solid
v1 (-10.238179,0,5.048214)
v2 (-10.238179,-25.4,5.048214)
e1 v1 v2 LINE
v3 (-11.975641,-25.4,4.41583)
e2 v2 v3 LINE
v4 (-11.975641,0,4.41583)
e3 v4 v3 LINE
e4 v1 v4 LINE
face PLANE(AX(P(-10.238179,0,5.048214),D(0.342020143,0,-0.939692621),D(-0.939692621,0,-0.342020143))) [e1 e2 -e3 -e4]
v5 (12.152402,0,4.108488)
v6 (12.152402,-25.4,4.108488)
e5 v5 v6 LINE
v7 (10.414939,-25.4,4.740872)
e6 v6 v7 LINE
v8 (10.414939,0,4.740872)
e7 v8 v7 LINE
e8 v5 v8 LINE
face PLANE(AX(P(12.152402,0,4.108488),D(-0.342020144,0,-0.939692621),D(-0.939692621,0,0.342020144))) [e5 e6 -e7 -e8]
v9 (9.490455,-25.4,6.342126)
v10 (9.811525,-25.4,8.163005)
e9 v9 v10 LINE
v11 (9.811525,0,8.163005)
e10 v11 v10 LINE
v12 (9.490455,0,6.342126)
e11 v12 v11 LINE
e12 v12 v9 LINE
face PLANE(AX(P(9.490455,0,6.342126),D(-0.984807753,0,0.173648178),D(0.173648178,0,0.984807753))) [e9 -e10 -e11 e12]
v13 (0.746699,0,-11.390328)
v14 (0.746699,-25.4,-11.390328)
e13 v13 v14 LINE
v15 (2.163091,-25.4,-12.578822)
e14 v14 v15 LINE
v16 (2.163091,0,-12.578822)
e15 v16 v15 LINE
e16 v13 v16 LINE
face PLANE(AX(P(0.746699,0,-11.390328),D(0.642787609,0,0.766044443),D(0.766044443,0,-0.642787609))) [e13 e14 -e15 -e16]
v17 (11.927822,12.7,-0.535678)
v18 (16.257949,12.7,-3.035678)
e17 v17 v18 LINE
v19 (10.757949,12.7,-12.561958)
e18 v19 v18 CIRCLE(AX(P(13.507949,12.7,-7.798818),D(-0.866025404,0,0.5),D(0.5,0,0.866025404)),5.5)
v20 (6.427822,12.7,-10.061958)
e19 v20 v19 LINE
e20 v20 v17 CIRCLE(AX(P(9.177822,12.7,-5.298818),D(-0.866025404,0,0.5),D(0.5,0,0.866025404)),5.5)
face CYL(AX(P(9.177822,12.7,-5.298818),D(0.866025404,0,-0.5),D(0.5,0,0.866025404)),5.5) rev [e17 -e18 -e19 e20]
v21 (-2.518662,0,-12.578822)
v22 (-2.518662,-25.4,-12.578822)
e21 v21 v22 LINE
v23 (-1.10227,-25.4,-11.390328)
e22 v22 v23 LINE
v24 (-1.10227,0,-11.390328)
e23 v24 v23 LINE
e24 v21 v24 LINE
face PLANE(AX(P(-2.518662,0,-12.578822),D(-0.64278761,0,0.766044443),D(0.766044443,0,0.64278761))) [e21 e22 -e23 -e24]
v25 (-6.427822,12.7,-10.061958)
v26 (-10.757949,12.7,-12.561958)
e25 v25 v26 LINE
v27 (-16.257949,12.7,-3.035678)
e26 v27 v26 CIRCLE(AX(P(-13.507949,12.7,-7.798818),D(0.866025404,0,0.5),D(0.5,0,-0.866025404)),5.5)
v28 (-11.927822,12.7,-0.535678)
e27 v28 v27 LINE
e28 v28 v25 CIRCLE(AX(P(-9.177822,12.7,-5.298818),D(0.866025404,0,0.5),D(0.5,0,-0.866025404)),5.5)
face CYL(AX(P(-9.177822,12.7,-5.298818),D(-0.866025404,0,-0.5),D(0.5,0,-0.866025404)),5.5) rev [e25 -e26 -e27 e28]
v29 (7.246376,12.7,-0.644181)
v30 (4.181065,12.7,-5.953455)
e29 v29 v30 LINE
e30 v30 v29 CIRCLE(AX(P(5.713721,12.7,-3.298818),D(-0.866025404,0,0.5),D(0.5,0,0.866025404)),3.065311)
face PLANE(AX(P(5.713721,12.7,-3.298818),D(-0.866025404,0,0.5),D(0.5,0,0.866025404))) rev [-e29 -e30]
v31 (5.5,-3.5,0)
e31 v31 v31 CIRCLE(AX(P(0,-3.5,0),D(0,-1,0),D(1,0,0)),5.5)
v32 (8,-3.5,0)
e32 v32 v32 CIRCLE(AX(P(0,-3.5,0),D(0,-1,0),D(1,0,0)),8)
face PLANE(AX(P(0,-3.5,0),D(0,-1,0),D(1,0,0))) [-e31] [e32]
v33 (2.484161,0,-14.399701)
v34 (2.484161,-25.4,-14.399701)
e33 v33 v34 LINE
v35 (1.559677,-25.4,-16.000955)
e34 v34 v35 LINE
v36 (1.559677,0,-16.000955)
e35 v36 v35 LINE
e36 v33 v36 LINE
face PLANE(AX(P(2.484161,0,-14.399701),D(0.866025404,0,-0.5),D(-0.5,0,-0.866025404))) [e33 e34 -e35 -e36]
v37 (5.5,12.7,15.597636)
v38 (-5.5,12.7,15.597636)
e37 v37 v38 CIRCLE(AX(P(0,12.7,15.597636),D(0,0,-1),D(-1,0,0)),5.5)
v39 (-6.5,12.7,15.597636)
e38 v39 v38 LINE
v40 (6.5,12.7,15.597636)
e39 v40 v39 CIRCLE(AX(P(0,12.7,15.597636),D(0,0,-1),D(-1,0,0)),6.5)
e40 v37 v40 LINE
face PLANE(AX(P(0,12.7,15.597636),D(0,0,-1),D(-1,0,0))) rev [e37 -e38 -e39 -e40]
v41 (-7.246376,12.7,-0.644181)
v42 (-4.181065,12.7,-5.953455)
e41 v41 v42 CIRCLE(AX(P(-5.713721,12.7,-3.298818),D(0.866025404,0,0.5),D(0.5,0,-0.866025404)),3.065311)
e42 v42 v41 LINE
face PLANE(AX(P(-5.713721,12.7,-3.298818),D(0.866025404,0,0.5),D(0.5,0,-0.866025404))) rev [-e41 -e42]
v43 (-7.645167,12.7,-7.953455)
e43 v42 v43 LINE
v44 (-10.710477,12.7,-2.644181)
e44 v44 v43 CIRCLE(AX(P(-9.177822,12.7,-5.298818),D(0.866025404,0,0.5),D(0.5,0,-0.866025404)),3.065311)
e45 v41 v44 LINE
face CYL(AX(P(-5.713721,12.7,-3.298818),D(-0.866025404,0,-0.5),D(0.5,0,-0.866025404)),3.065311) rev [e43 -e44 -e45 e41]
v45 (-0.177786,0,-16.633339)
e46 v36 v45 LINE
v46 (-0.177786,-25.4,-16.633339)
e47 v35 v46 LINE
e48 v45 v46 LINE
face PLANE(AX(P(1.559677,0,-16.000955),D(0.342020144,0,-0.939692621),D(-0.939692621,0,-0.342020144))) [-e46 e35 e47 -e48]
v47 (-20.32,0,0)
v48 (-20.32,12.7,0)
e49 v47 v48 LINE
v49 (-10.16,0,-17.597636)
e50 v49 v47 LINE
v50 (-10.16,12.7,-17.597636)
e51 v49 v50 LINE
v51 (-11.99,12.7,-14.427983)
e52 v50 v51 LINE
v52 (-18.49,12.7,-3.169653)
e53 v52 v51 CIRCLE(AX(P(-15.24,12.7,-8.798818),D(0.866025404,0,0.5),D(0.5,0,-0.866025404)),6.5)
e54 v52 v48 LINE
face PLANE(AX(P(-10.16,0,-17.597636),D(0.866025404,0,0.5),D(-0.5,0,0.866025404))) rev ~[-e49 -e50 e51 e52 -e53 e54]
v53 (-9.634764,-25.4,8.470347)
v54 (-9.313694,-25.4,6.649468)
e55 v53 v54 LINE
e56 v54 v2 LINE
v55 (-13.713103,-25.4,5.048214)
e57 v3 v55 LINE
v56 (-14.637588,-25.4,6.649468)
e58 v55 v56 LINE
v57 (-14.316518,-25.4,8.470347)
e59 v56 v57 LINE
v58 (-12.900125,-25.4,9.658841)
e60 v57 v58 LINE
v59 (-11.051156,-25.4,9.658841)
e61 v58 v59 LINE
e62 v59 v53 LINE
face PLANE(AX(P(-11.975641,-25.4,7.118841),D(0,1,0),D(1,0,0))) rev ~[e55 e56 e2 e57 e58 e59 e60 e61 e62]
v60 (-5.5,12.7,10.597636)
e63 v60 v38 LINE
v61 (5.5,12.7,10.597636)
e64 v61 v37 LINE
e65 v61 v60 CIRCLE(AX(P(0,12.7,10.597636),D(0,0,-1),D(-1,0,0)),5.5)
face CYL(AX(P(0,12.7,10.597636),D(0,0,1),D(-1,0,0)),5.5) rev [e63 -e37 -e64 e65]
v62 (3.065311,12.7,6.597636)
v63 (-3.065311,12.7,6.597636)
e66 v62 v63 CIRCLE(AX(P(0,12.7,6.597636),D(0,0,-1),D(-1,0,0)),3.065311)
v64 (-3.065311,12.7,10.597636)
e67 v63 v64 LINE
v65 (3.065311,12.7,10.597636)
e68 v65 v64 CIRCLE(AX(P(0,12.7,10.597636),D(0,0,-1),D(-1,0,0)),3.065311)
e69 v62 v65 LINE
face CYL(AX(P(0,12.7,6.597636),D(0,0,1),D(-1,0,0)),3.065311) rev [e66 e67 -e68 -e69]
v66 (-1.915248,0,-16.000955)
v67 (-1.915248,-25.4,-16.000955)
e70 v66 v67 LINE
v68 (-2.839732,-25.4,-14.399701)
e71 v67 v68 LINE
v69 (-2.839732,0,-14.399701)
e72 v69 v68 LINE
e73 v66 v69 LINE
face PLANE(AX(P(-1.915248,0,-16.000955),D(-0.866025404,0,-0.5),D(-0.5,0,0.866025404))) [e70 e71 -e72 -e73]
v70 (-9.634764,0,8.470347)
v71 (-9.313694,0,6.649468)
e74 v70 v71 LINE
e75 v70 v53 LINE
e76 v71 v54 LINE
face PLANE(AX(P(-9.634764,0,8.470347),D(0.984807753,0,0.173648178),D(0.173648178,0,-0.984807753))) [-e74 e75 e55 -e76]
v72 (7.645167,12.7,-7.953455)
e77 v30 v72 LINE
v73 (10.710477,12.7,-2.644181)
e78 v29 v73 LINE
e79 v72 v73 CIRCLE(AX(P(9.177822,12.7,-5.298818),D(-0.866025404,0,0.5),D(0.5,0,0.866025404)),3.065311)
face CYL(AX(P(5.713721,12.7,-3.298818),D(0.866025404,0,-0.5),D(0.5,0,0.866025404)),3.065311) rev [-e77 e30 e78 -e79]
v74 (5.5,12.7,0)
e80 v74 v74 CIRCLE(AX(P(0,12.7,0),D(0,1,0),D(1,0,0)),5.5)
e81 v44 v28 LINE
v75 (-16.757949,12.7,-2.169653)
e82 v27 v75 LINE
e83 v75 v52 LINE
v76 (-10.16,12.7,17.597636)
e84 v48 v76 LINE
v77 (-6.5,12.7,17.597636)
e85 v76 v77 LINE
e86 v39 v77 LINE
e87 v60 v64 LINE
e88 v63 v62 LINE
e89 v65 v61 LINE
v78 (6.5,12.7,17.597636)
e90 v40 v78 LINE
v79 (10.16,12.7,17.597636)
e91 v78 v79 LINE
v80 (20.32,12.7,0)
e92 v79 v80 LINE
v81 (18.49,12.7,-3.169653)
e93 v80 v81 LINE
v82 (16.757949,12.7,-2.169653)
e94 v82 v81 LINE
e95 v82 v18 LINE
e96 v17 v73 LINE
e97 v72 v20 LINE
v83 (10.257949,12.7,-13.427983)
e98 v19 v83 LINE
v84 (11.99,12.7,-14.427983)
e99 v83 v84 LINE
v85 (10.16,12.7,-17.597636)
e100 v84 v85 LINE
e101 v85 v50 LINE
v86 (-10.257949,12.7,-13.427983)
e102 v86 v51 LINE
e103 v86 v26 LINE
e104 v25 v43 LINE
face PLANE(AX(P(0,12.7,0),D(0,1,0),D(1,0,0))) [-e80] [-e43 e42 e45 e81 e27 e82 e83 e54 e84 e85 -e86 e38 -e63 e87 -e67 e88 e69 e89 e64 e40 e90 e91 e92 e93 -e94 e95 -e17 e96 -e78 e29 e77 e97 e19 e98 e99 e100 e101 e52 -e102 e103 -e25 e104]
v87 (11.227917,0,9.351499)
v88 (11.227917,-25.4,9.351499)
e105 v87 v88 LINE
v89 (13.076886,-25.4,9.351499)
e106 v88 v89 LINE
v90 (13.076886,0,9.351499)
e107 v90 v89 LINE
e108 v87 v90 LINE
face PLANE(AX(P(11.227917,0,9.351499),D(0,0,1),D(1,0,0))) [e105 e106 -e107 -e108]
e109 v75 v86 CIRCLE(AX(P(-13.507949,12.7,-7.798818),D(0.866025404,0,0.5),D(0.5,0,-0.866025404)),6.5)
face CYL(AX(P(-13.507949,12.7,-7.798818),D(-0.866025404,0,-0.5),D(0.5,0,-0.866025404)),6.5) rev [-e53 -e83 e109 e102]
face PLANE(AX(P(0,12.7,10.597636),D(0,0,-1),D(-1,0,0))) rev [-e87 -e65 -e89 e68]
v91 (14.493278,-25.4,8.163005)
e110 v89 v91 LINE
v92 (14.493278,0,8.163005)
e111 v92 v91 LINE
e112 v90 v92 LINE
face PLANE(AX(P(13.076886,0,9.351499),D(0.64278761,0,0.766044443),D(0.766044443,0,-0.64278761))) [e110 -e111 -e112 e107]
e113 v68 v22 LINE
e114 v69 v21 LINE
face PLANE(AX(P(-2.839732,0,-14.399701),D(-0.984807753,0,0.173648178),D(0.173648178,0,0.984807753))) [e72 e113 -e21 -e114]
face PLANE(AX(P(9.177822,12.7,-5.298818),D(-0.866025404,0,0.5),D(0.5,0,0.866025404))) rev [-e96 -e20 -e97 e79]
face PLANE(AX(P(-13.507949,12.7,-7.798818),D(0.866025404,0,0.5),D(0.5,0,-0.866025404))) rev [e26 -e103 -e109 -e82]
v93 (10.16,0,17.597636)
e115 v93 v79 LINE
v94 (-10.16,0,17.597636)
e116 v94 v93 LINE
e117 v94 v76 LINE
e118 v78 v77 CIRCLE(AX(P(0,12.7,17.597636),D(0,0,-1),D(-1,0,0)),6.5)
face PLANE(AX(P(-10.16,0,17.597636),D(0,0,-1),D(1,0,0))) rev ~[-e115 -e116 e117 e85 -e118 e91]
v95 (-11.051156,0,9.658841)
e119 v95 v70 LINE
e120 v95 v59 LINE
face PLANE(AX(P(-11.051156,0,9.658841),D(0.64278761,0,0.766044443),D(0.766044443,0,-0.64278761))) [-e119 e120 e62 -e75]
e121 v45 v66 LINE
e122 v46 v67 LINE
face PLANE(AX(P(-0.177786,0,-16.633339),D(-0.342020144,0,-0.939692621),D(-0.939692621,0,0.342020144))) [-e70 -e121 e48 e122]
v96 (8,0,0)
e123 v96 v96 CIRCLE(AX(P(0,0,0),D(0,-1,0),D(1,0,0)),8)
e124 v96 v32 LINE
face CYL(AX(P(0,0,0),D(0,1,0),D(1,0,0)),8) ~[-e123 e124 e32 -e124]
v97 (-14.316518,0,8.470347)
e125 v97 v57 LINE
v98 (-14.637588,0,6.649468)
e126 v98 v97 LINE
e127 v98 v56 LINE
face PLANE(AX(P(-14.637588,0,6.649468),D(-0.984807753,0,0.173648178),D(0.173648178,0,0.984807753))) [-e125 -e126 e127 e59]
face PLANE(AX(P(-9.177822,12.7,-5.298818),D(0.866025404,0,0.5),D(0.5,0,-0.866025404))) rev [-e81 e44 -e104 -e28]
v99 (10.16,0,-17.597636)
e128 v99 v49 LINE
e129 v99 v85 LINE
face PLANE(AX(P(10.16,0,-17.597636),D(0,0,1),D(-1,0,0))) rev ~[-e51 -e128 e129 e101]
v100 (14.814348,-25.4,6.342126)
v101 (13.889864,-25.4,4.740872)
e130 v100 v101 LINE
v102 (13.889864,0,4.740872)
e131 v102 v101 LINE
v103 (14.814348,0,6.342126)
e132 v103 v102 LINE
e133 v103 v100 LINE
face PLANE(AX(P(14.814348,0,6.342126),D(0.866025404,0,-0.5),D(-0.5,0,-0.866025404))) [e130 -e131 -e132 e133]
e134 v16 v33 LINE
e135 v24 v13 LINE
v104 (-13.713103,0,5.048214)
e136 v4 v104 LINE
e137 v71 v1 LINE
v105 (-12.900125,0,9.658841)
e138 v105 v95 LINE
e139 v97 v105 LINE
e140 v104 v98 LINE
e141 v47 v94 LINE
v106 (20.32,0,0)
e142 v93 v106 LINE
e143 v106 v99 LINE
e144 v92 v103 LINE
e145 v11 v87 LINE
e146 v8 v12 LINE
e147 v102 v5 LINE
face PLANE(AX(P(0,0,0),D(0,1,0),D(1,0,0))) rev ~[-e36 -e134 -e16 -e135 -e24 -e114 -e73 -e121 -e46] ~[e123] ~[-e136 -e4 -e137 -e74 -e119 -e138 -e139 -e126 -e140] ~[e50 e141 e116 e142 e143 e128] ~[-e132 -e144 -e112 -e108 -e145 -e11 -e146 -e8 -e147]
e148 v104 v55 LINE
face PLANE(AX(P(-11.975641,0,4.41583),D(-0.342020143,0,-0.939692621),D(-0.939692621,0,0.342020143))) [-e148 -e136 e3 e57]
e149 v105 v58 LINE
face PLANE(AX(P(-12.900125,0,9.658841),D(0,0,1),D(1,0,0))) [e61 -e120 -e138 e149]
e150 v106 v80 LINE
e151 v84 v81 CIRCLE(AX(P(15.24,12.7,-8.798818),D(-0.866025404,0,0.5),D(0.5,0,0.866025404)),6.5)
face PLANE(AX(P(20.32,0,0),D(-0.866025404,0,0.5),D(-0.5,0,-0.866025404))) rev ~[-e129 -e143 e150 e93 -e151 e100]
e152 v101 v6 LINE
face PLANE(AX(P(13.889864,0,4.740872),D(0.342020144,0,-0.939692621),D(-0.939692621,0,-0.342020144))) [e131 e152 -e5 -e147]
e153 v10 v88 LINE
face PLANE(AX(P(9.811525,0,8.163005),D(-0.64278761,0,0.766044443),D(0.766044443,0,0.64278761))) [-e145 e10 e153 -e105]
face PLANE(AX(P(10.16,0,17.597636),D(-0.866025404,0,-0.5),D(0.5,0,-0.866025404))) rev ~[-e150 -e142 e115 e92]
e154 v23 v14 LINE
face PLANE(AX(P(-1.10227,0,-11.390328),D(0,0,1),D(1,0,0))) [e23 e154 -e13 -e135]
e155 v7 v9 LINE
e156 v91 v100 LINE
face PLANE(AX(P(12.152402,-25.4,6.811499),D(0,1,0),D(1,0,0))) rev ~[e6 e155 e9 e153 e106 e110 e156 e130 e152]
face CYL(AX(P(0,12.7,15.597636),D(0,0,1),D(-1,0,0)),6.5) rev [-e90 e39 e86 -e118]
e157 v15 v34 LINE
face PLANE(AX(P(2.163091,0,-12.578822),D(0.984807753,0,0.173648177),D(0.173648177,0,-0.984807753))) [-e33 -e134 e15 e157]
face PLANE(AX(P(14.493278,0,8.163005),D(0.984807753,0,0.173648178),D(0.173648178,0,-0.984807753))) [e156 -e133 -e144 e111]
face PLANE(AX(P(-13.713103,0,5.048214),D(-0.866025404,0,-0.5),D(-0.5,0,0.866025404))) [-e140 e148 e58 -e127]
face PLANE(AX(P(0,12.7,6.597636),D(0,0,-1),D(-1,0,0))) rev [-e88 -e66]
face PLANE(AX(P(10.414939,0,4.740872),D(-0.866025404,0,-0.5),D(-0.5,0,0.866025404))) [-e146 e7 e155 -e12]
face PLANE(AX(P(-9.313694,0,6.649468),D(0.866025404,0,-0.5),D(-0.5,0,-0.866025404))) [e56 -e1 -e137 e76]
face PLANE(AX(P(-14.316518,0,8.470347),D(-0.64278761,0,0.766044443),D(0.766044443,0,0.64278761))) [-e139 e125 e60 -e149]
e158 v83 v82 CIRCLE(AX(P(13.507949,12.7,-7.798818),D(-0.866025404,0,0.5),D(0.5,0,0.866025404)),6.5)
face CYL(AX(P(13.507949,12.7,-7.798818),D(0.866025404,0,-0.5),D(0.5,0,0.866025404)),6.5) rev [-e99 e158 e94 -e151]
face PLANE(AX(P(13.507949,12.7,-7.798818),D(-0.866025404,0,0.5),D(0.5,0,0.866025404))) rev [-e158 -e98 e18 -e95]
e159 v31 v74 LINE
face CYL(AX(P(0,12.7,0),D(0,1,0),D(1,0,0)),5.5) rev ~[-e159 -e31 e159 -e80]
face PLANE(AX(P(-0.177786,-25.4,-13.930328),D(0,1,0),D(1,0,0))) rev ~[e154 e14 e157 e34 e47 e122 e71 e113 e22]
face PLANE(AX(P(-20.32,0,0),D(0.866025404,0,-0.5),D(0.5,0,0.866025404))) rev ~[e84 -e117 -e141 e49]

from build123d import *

# Parameters (mm, degrees)
BOSS_EXTRUDE1_DEPTH = 12.7
SKETCH2_R           = 8
SKETCH2_R_2         = 5.5
BOSS_EXTRUDE2_DEPTH = 3.499999906
CIRPATTERN1_COUNT   = 3
SKETCH6_R           = 5.5
CUT_EXTRUDE1_DEPTH  = 17.199999906
BOSS_EXTRUDE3_DEPTH = 25.4


with BuildPart() as part:
    # Sketch1 → Boss-Extrude1 (new body)
    with BuildSketch(Plane(origin=(0, 0, 0), x_dir=(1, 0, 0), z_dir=(0, 1, 0))):
        Polygon((10.16, -17.597636205), (20.32, 0), (10.16, 17.597636205), (-10.16, 17.597636205), (-20.32, 0), (-10.16, -17.597636205), align=None)
    extrude(amount=BOSS_EXTRUDE1_DEPTH)

    # Sketch2 → Boss-Extrude2 (add)
    with BuildSketch(Plane.XZ):
        Circle(SKETCH2_R)
        Circle(SKETCH2_R_2, mode=Mode.SUBTRACT)
    extrude(amount=BOSS_EXTRUDE2_DEPTH)

    # Sketch5 → Cut-Revolve1 (revolve, cut)
    with BuildSketch(Plane(origin=(0, 12.7, 0), x_dir=(1, 0, 0), z_dir=(0, 1, 0))):
        Polygon((0, -17.597636205), (0, -6.597636205), (-3.065310501, -6.597636205), (-3.065310501, -10.597636205), (-5.5, -10.597636205), (-5.5, -15.597636205), (-6.5, -15.597636205), (-6.5, -17.597636205), align=None)
    cut_revolve1 = revolve(axis=Axis((0, 12.7, 17.597636205), (0, 0, -1)), mode=Mode.SUBTRACT)

    # CirPattern1: Cut-Revolve1 ×3 about axis
    cirpattern1_axis = Axis((0, 0, 0), (0, 1, 0))
    for i in range(1, CIRPATTERN1_COUNT):
        add(cut_revolve1.rotate(cirpattern1_axis, i * 360 / CIRPATTERN1_COUNT), mode=Mode.SUBTRACT)

    # Sketch6 → Cut-Extrude1 (cut, through all)
    with BuildSketch(Plane(origin=(0, 12.7, 0), x_dir=(1, 0, 0), z_dir=(0, 1, 0))):
        Circle(SKETCH6_R)
    extrude(amount=-CUT_EXTRUDE1_DEPTH, mode=Mode.SUBTRACT)

    # Sketch8 → Boss-Extrude3 (add)
    with BuildSketch(Plane(origin=(0, 0, 0), x_dir=(1, 0, 0), z_dir=(0, 1, 0))):
        Polygon((-1.915248015, 16.000954519), (-2.83973241, 14.399700576), (-2.518662349, 12.578821777), (-1.102270082, 11.390327548), (0.746698708, 11.390327548), (2.163090976, 12.578821777), (2.484161036, 14.399700576), (1.559676641, 16.000954519), (-0.177785687, 16.63333909), align=None)
        Polygon((14.814348451, -6.342126208), (13.889864056, -4.740872265), (12.152401728, -4.108487694), (10.4149394, -4.740872265), (9.490455005, -6.342126208), (9.811525066, -8.163005007), (11.227917333, -9.351499236), (13.076886123, -9.351499236), (14.49327839, -8.163005007), align=None)
        Polygon((-12.90012529, -9.658841379), (-11.0511565, -9.658841379), (-9.634764233, -8.47034715), (-9.313694172, -6.64946835), (-10.238178567, -5.048214407), (-11.975640895, -4.415829837), (-13.713103223, -5.048214407), (-14.637587618, -6.64946835), (-14.316517557, -8.47034715), align=None)
    extrude(amount=-BOSS_EXTRUDE3_DEPTH)


solid = part.part
